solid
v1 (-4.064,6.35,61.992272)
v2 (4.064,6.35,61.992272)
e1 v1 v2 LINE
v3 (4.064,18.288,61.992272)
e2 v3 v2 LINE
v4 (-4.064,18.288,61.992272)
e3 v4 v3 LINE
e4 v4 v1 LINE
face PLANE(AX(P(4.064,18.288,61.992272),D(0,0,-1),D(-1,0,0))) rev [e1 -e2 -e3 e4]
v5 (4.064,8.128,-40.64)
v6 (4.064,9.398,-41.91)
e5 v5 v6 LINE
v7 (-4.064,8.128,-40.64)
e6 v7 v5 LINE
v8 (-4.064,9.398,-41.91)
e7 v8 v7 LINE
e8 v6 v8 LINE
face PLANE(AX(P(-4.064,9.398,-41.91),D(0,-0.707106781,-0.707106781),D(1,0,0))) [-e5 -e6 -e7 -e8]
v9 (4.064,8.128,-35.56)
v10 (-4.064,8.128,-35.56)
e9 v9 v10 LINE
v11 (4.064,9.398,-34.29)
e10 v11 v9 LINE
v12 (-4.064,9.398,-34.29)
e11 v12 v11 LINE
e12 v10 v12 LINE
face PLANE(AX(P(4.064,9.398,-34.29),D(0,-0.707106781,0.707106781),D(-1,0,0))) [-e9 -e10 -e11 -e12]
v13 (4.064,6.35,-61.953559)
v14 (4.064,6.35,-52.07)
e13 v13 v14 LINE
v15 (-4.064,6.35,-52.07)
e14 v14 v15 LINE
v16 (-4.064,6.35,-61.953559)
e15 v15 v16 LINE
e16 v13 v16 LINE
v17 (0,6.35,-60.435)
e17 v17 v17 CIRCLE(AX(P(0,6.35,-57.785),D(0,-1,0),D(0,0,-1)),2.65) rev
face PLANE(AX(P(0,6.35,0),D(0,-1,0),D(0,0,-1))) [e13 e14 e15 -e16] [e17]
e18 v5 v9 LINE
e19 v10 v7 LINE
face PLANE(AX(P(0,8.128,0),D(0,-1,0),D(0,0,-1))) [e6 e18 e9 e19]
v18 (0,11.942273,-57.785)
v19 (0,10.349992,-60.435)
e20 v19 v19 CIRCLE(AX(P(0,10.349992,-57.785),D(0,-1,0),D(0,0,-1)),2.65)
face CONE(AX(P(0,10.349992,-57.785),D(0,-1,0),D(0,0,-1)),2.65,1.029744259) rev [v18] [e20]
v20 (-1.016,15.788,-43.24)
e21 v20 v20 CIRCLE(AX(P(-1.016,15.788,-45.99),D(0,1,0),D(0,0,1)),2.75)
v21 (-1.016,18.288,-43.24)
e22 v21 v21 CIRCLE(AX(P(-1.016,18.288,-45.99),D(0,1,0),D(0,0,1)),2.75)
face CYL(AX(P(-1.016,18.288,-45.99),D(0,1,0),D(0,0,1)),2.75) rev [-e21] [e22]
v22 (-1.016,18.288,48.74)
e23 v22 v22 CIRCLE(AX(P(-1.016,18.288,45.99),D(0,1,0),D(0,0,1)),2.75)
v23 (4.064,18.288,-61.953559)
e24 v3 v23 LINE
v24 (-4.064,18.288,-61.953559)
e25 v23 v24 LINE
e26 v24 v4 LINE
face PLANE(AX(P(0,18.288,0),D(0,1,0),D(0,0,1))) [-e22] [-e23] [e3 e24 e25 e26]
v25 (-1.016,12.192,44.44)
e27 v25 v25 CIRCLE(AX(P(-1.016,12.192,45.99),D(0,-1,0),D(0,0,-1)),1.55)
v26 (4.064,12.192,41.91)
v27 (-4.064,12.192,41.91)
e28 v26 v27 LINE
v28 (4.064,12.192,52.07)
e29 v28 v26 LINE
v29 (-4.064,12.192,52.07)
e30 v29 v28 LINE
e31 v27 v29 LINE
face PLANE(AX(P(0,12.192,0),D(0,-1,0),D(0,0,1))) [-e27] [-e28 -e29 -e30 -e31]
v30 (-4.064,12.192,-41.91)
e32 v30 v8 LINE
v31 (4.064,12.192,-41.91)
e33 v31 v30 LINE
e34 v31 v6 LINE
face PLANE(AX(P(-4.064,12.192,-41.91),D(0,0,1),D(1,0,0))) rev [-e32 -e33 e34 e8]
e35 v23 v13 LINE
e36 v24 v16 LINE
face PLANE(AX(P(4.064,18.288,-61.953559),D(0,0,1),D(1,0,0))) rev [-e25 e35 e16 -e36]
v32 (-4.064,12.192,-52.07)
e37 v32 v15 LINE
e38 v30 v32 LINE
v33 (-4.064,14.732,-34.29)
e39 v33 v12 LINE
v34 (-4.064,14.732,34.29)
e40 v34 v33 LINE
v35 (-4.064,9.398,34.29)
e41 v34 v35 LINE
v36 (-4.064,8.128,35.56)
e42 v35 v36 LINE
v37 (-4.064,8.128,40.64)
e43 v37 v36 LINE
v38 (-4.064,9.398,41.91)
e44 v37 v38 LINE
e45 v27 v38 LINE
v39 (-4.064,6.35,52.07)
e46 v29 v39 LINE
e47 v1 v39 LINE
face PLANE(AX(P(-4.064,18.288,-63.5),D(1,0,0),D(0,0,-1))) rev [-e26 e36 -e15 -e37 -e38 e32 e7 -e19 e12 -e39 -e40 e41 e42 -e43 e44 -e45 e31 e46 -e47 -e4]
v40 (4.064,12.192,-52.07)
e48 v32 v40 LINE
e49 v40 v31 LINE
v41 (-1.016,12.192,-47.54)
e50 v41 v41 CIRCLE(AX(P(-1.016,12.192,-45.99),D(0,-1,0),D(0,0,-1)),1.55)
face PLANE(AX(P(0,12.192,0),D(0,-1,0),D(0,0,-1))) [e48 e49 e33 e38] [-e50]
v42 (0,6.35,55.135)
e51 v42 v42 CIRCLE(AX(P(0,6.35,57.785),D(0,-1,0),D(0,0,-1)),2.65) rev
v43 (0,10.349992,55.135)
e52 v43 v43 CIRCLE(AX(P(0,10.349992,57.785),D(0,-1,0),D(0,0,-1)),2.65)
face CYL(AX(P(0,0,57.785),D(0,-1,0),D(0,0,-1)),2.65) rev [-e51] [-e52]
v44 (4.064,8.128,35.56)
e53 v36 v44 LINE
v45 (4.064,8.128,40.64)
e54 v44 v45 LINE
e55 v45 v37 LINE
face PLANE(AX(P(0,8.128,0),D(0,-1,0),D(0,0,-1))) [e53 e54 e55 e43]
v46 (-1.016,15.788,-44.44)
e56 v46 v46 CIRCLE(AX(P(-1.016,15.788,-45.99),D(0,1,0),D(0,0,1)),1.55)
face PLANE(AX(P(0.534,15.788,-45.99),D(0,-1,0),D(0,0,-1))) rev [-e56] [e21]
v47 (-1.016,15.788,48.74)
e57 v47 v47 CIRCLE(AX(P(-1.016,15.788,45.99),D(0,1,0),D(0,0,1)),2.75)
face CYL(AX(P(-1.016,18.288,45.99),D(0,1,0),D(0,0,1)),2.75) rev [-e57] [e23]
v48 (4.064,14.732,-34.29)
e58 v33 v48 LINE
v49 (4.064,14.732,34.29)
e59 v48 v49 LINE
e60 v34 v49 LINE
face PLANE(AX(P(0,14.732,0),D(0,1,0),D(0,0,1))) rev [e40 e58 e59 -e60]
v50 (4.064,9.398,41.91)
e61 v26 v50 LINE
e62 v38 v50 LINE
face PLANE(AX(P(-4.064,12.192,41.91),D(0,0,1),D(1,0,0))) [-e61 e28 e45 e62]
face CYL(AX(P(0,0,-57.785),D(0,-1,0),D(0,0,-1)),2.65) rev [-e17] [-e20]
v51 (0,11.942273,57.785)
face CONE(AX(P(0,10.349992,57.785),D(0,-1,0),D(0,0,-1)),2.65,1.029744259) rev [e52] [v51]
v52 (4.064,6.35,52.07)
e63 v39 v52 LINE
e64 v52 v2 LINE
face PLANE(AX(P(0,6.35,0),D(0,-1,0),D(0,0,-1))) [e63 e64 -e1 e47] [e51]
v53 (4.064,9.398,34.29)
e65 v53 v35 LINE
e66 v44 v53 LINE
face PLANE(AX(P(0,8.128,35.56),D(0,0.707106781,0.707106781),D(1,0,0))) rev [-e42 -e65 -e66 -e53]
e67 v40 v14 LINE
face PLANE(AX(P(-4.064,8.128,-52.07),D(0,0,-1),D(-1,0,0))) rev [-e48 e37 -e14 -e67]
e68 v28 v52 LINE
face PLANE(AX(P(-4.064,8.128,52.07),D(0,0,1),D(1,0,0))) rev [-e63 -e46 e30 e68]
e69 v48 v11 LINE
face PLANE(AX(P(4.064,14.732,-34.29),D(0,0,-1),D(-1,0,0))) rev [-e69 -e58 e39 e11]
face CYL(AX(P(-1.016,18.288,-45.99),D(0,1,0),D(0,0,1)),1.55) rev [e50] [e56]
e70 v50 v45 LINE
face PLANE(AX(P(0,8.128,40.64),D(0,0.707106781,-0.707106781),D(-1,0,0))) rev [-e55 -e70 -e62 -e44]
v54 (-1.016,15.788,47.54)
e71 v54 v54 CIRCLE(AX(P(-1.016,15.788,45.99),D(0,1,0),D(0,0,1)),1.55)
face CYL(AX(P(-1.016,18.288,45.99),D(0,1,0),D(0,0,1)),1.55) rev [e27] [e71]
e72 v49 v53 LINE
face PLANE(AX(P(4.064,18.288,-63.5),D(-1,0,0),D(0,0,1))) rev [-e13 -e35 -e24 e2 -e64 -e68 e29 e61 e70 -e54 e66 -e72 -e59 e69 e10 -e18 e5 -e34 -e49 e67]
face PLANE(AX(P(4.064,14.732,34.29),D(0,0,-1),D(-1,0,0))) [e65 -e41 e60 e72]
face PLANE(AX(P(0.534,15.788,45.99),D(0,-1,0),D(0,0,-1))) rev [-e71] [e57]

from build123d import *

# Parameters (mm, degrees)
SKETCH1_W                        = 8.128
SKETCH1_H                        = 127
BOSS_EXTRUDE1_DEPTH              = 18.288
SKETCH2_W                        = 8.128
SKETCH2_H                        = 104.14
CUT_EXTRUDE1_DEPTH               = 8.128
SKETCH4_W                        = 8.128
SKETCH4_H                        = 10.16
CUT_EXTRUDE2_DEPTH               = 4.064
SKETCH5_W                        = 8.128
SKETCH5_H                        = 34.29
CUT_EXTRUDE4_DEPTH               = 6.604
CBORE_FOR_M2_5_SHCS1_D           = 3.1
CBORE_FOR_M2_5_SHCS1_CBORE_D     = 5.5
CBORE_FOR_M2_5_SHCS1_CBORE_DEPTH = 2.5
CHAMFER1_SIZE                    = 1.27
SKETCH17_W                       = 8.128
SKETCH17_H                       = 127
CUT_EXTRUDE5_DEPTH               = 6.35
SKETCH18_W                       = 8.128
SKETCH18_H                       = 1.546440773
CUT_EXTRUDE6_DEPTH               = 12.938
SKETCH19_W                       = 8.128
SKETCH19_H                       = 1.507728281
CUT_EXTRUDE7_DEPTH               = 12.938


with BuildPart() as part:
    # Sketch1 → Boss-Extrude1 (new body)
    with BuildSketch(Plane(origin=(0, 0, 0), x_dir=(1, 0, 0), z_dir=(0, 1, 0))):
        Rectangle(SKETCH1_W, SKETCH1_H)
    extrude(amount=BOSS_EXTRUDE1_DEPTH)

    # Sketch2 → Cut-Extrude1 (cut)
    with BuildSketch(Plane.XZ):
        Rectangle(SKETCH2_W, SKETCH2_H)
    extrude(amount=-CUT_EXTRUDE1_DEPTH, mode=Mode.SUBTRACT)

    # Sketch4 → Cut-Extrude2 (cut)
    with BuildSketch(Plane.XZ.offset(-8.128)):
        with Locations((0, -46.99)):
            Rectangle(SKETCH4_W, SKETCH4_H)
    cut_extrude2 = extrude(amount=-CUT_EXTRUDE2_DEPTH, mode=Mode.SUBTRACT)

    # Sketch5 → Cut-Extrude4 (cut)
    with BuildSketch(Plane.XZ.offset(-8.128)):
        with Locations((0, -17.145)):
            Rectangle(SKETCH5_W, SKETCH5_H)
    cut_extrude4 = extrude(amount=-CUT_EXTRUDE4_DEPTH, mode=Mode.SUBTRACT)

    # CBORE for M2.5 SHCS1 (through all)
    with Locations(Plane(origin=(0, 18.288, 0), x_dir=(1, 0, 0), z_dir=(0, 1, 0))):
        with Locations((-1.016, 45.99)):
            cbore_for_m2_5_shcs1 = CounterBoreHole(CBORE_FOR_M2_5_SHCS1_D / 2, CBORE_FOR_M2_5_SHCS1_CBORE_D / 2, CBORE_FOR_M2_5_SHCS1_CBORE_DEPTH)

    # Mirror1: Cut-Extrude2, Cut-Extrude4 across plane
    add(cut_extrude2.mirror(Plane(origin=(4.064, 14.732, 0), x_dir=(1, 0, 0), z_dir=(0, 0, 1))), mode=Mode.SUBTRACT)
    add(cut_extrude4.mirror(Plane(origin=(4.064, 14.732, 0), x_dir=(1, 0, 0), z_dir=(0, 0, 1))), mode=Mode.SUBTRACT)

    # Mirror2: CBORE for M2.5 SHCS1 across plane
    add(cbore_for_m2_5_shcs1.mirror(Plane.XY), mode=Mode.SUBTRACT)

    # Sketch15 → Ø1.0mm Dowel Hole1 (revolve, cut)
    with BuildSketch(Plane(origin=(0, 0, -57.785), x_dir=(0, 0, -1), z_dir=(1, 0, 0))):
        Polygon((0, 0), (0, 11.94227264), (2.65, 10.349992), (2.65, 0), align=None)
    f_1_0mm_dowel_hole1 = revolve(axis=Axis((0, -6.35, -57.785), (0, 1, 0)), mode=Mode.SUBTRACT)

    # Mirror3: Ø1.0mm Dowel Hole1 across plane
    add(f_1_0mm_dowel_hole1.mirror(Plane.XY), mode=Mode.SUBTRACT)

    # Chamfer1
    chamfer1_edges = [part.edges().sort_by_distance(p)[0] for p in [
        (0, 0, 52.07),
        (0, 0, -52.07),
        (0, 8.128, -41.91),
        (0, 0, 63.5),
        (0, 8.128, -34.29),
        (0, 0, -63.5),
        (0, 8.128, 41.91),
        (0, 8.128, 34.29),
    ]]
    chamfer(chamfer1_edges, length=CHAMFER1_SIZE)

    # Sketch17 → Cut-Extrude5 (cut)
    with BuildSketch(Plane.XZ):
        Rectangle(SKETCH17_W, SKETCH17_H)
    extrude(amount=-CUT_EXTRUDE5_DEPTH, mode=Mode.SUBTRACT)

    # Sketch18 → Cut-Extrude6 (cut, through all)
    with BuildSketch(Plane.XZ.offset(-6.35)):
        with Locations((0, -62.726779614)):
            Rectangle(SKETCH18_W, SKETCH18_H)
    extrude(amount=-CUT_EXTRUDE6_DEPTH, mode=Mode.SUBTRACT)

    # Sketch19 → Cut-Extrude7 (cut, through all)
    with BuildSketch(Plane.XZ.offset(-6.35)):
        with Locations((0, 62.74613586)):
            Rectangle(SKETCH19_W, SKETCH19_H)
    extrude(amount=-CUT_EXTRUDE7_DEPTH, mode=Mode.SUBTRACT)


solid = part.part
